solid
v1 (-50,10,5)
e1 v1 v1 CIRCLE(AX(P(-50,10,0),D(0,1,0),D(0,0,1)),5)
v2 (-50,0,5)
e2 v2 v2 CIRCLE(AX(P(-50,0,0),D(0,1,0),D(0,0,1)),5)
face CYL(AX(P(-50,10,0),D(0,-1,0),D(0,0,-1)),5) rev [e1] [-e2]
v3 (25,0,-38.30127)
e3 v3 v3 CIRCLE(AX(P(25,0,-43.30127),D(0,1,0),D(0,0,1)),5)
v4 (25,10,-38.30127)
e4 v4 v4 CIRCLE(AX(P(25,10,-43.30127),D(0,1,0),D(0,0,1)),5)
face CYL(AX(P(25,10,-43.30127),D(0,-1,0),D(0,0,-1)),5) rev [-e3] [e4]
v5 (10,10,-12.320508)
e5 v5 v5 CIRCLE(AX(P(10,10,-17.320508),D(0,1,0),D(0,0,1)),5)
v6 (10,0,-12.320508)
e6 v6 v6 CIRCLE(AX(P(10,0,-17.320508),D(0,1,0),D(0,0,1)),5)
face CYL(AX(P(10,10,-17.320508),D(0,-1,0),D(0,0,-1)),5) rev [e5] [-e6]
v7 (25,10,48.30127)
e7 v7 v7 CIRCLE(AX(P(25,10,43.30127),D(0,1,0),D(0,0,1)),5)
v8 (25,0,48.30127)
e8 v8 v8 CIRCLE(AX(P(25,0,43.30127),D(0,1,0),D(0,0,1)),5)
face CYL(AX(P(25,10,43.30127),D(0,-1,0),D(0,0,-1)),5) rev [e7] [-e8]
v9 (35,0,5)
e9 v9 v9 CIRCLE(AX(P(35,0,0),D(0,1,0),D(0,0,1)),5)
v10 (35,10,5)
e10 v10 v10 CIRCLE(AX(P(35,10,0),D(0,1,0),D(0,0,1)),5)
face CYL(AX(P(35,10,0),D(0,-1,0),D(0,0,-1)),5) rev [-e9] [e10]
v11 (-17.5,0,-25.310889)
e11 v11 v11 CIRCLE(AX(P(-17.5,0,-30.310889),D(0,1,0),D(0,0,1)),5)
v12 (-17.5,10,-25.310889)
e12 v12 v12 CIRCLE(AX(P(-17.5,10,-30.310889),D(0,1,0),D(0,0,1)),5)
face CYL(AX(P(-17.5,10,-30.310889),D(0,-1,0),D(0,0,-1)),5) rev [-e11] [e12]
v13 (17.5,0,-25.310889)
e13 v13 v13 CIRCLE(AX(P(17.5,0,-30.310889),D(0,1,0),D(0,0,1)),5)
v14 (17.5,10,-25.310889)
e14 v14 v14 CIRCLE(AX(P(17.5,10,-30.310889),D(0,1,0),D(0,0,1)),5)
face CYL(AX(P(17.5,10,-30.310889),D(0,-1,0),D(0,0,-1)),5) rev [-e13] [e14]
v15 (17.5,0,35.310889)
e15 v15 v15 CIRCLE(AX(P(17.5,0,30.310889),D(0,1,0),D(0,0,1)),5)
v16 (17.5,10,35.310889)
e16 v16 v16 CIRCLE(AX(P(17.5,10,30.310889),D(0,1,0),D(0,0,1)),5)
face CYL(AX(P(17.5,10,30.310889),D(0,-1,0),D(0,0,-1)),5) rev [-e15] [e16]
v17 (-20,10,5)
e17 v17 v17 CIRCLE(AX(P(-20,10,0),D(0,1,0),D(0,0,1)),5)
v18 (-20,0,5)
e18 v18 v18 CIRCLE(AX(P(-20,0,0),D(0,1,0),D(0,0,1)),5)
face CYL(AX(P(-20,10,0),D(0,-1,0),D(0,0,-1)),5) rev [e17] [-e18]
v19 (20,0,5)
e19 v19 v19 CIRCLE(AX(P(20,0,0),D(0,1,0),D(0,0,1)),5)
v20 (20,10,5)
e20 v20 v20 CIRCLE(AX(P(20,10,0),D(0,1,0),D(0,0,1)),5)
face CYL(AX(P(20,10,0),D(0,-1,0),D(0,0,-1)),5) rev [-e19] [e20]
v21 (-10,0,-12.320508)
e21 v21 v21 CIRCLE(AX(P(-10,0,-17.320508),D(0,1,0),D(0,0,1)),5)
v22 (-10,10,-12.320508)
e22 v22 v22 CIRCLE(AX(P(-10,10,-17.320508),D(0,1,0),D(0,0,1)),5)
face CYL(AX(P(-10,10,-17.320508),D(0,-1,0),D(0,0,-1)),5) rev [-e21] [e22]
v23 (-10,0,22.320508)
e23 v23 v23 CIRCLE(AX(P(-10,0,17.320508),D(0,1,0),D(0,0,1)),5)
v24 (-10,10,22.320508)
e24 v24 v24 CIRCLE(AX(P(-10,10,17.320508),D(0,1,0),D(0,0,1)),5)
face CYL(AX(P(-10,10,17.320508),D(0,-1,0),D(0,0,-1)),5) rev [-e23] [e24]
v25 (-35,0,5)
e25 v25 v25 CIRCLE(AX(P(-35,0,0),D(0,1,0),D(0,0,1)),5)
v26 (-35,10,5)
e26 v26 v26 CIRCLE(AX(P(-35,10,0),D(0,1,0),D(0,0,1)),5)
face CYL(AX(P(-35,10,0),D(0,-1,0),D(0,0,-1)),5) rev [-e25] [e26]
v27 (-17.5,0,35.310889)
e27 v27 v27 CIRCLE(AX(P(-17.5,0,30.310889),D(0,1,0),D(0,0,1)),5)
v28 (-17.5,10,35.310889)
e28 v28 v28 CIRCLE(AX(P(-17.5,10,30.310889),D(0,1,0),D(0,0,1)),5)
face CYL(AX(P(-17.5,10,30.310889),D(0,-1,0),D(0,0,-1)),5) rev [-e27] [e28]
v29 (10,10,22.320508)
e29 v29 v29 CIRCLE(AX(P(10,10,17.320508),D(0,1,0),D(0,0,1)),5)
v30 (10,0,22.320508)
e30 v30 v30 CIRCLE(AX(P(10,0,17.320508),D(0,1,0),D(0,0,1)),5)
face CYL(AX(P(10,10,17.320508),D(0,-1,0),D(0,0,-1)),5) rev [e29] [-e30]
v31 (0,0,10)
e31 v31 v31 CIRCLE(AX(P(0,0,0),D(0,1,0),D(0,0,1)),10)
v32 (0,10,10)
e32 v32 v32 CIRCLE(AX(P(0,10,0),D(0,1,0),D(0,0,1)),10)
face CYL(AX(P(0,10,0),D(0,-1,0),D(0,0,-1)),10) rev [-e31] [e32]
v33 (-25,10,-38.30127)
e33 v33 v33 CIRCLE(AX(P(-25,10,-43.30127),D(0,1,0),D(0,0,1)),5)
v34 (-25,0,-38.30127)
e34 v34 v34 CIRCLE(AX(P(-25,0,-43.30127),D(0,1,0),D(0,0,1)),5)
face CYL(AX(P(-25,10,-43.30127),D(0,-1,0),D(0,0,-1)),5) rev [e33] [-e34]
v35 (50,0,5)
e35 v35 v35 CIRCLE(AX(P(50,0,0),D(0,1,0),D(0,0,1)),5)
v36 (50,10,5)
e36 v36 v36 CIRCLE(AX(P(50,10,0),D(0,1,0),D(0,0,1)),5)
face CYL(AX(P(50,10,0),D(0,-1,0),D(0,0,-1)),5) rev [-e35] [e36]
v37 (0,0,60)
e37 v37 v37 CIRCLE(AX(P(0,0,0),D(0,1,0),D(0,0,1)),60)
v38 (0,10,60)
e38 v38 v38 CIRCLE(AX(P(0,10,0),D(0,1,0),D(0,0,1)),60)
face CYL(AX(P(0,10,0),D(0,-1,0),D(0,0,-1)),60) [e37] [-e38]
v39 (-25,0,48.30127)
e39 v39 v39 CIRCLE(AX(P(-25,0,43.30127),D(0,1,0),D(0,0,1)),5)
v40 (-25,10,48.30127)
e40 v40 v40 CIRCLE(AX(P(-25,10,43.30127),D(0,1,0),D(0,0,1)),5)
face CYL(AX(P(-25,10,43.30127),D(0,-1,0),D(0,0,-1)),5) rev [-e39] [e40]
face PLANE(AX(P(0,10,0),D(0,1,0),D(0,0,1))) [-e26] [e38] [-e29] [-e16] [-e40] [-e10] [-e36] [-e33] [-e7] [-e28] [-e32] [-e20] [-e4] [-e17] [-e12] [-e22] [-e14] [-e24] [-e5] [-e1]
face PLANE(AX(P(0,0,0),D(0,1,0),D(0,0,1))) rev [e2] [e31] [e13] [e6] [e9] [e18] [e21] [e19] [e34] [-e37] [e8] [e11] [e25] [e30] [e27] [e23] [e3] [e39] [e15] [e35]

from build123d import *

# Parameters (mm, degrees)
SKETCH1_R           = 5
BOSS_EXTRUDE2_DEPTH = 10


with BuildPart() as part:
    # Sketch1 → Boss-Extrude2 (new body)
    with BuildSketch(Plane(origin=(0, 0, 0), x_dir=(1, 0, 0), z_dir=(0, 1, 0))):
        with BuildLine():
            ThreePointArc((0, 60), (-42.426406871, 42.426406871), (-60, 0))
            ThreePointArc((-60, 0), (-42.426406871, -42.426406871), (0, -60))
            ThreePointArc((0, -60), (42.426406871, -42.426406871), (60, 0))
            ThreePointArc((60, 0), (42.426406871, 42.426406871), (0, 60))
        make_face()
        with Locations(Location((-25, 43.301270189, 0), (0, 0, 270))):
            Circle(SKETCH1_R, mode=Mode.SUBTRACT)
        with Locations(Location((-17.5, 30.310889132, 0), (0, 0, 270))):
            Circle(SKETCH1_R, mode=Mode.SUBTRACT)
        with Locations(Location((-10, 17.320508076, 0), (0, 0, 270))):
            Circle(SKETCH1_R, mode=Mode.SUBTRACT)
        with Locations(Location((25, 43.301270189, 0), (0, 0, 270))):
            Circle(SKETCH1_R, mode=Mode.SUBTRACT)
        with Locations(Location((17.5, 30.310889132, 0), (0, 0, 270))):
            Circle(SKETCH1_R, mode=Mode.SUBTRACT)
        with Locations(Location((10, 17.320508076, 0), (0, 0, 270))):
            Circle(SKETCH1_R, mode=Mode.SUBTRACT)
        with Locations(Location((50, 0, 0), (0, 0, 270))):
            Circle(SKETCH1_R, mode=Mode.SUBTRACT)
        with Locations(Location((35, 0, 0), (0, 0, 270))):
            Circle(SKETCH1_R, mode=Mode.SUBTRACT)
        with Locations(Location((20, 0, 0), (0, 0, 270))):
            Circle(SKETCH1_R, mode=Mode.SUBTRACT)
        with Locations(Location((25, -43.301270189, 0), (0, 0, 270))):
            Circle(SKETCH1_R, mode=Mode.SUBTRACT)
        with Locations(Location((17.5, -30.310889132, 0), (0, 0, 270))):
            Circle(SKETCH1_R, mode=Mode.SUBTRACT)
        with Locations(Location((10, -17.320508076, 0), (0, 0, 270))):
            Circle(SKETCH1_R, mode=Mode.SUBTRACT)
        with Locations(Location((-25, -43.301270189, 0), (0, 0, 270))):
            Circle(SKETCH1_R, mode=Mode.SUBTRACT)
        with Locations(Location((-17.5, -30.310889132, 0), (0, 0, 270))):
            Circle(SKETCH1_R, mode=Mode.SUBTRACT)
        with Locations(Location((-10, -17.320508076, 0), (0, 0, 270))):
            Circle(SKETCH1_R, mode=Mode.SUBTRACT)
        with Locations(Location((-50, 0, 0), (0, 0, 270))):
            Circle(SKETCH1_R, mode=Mode.SUBTRACT)
        with Locations(Location((-35, 0, 0), (0, 0, 270))):
            Circle(SKETCH1_R, mode=Mode.SUBTRACT)
        with Locations(Location((-20, 0, 0), (0, 0, 270))):
            Circle(SKETCH1_R, mode=Mode.SUBTRACT)
        with BuildLine():
            ThreePointArc((0, 10), (-7.071067812, 7.071067812), (-10, 0))
            ThreePointArc((-10, 0), (-7.071067812, -7.071067812), (0, -10))
            ThreePointArc((0, -10), (7.071067812, -7.071067812), (10, 0))
            ThreePointArc((10, 0), (7.071067812, 7.071067812), (0, 10))
        make_face(mode=Mode.SUBTRACT)
    extrude(amount=BOSS_EXTRUDE2_DEPTH)


solid = part.part
